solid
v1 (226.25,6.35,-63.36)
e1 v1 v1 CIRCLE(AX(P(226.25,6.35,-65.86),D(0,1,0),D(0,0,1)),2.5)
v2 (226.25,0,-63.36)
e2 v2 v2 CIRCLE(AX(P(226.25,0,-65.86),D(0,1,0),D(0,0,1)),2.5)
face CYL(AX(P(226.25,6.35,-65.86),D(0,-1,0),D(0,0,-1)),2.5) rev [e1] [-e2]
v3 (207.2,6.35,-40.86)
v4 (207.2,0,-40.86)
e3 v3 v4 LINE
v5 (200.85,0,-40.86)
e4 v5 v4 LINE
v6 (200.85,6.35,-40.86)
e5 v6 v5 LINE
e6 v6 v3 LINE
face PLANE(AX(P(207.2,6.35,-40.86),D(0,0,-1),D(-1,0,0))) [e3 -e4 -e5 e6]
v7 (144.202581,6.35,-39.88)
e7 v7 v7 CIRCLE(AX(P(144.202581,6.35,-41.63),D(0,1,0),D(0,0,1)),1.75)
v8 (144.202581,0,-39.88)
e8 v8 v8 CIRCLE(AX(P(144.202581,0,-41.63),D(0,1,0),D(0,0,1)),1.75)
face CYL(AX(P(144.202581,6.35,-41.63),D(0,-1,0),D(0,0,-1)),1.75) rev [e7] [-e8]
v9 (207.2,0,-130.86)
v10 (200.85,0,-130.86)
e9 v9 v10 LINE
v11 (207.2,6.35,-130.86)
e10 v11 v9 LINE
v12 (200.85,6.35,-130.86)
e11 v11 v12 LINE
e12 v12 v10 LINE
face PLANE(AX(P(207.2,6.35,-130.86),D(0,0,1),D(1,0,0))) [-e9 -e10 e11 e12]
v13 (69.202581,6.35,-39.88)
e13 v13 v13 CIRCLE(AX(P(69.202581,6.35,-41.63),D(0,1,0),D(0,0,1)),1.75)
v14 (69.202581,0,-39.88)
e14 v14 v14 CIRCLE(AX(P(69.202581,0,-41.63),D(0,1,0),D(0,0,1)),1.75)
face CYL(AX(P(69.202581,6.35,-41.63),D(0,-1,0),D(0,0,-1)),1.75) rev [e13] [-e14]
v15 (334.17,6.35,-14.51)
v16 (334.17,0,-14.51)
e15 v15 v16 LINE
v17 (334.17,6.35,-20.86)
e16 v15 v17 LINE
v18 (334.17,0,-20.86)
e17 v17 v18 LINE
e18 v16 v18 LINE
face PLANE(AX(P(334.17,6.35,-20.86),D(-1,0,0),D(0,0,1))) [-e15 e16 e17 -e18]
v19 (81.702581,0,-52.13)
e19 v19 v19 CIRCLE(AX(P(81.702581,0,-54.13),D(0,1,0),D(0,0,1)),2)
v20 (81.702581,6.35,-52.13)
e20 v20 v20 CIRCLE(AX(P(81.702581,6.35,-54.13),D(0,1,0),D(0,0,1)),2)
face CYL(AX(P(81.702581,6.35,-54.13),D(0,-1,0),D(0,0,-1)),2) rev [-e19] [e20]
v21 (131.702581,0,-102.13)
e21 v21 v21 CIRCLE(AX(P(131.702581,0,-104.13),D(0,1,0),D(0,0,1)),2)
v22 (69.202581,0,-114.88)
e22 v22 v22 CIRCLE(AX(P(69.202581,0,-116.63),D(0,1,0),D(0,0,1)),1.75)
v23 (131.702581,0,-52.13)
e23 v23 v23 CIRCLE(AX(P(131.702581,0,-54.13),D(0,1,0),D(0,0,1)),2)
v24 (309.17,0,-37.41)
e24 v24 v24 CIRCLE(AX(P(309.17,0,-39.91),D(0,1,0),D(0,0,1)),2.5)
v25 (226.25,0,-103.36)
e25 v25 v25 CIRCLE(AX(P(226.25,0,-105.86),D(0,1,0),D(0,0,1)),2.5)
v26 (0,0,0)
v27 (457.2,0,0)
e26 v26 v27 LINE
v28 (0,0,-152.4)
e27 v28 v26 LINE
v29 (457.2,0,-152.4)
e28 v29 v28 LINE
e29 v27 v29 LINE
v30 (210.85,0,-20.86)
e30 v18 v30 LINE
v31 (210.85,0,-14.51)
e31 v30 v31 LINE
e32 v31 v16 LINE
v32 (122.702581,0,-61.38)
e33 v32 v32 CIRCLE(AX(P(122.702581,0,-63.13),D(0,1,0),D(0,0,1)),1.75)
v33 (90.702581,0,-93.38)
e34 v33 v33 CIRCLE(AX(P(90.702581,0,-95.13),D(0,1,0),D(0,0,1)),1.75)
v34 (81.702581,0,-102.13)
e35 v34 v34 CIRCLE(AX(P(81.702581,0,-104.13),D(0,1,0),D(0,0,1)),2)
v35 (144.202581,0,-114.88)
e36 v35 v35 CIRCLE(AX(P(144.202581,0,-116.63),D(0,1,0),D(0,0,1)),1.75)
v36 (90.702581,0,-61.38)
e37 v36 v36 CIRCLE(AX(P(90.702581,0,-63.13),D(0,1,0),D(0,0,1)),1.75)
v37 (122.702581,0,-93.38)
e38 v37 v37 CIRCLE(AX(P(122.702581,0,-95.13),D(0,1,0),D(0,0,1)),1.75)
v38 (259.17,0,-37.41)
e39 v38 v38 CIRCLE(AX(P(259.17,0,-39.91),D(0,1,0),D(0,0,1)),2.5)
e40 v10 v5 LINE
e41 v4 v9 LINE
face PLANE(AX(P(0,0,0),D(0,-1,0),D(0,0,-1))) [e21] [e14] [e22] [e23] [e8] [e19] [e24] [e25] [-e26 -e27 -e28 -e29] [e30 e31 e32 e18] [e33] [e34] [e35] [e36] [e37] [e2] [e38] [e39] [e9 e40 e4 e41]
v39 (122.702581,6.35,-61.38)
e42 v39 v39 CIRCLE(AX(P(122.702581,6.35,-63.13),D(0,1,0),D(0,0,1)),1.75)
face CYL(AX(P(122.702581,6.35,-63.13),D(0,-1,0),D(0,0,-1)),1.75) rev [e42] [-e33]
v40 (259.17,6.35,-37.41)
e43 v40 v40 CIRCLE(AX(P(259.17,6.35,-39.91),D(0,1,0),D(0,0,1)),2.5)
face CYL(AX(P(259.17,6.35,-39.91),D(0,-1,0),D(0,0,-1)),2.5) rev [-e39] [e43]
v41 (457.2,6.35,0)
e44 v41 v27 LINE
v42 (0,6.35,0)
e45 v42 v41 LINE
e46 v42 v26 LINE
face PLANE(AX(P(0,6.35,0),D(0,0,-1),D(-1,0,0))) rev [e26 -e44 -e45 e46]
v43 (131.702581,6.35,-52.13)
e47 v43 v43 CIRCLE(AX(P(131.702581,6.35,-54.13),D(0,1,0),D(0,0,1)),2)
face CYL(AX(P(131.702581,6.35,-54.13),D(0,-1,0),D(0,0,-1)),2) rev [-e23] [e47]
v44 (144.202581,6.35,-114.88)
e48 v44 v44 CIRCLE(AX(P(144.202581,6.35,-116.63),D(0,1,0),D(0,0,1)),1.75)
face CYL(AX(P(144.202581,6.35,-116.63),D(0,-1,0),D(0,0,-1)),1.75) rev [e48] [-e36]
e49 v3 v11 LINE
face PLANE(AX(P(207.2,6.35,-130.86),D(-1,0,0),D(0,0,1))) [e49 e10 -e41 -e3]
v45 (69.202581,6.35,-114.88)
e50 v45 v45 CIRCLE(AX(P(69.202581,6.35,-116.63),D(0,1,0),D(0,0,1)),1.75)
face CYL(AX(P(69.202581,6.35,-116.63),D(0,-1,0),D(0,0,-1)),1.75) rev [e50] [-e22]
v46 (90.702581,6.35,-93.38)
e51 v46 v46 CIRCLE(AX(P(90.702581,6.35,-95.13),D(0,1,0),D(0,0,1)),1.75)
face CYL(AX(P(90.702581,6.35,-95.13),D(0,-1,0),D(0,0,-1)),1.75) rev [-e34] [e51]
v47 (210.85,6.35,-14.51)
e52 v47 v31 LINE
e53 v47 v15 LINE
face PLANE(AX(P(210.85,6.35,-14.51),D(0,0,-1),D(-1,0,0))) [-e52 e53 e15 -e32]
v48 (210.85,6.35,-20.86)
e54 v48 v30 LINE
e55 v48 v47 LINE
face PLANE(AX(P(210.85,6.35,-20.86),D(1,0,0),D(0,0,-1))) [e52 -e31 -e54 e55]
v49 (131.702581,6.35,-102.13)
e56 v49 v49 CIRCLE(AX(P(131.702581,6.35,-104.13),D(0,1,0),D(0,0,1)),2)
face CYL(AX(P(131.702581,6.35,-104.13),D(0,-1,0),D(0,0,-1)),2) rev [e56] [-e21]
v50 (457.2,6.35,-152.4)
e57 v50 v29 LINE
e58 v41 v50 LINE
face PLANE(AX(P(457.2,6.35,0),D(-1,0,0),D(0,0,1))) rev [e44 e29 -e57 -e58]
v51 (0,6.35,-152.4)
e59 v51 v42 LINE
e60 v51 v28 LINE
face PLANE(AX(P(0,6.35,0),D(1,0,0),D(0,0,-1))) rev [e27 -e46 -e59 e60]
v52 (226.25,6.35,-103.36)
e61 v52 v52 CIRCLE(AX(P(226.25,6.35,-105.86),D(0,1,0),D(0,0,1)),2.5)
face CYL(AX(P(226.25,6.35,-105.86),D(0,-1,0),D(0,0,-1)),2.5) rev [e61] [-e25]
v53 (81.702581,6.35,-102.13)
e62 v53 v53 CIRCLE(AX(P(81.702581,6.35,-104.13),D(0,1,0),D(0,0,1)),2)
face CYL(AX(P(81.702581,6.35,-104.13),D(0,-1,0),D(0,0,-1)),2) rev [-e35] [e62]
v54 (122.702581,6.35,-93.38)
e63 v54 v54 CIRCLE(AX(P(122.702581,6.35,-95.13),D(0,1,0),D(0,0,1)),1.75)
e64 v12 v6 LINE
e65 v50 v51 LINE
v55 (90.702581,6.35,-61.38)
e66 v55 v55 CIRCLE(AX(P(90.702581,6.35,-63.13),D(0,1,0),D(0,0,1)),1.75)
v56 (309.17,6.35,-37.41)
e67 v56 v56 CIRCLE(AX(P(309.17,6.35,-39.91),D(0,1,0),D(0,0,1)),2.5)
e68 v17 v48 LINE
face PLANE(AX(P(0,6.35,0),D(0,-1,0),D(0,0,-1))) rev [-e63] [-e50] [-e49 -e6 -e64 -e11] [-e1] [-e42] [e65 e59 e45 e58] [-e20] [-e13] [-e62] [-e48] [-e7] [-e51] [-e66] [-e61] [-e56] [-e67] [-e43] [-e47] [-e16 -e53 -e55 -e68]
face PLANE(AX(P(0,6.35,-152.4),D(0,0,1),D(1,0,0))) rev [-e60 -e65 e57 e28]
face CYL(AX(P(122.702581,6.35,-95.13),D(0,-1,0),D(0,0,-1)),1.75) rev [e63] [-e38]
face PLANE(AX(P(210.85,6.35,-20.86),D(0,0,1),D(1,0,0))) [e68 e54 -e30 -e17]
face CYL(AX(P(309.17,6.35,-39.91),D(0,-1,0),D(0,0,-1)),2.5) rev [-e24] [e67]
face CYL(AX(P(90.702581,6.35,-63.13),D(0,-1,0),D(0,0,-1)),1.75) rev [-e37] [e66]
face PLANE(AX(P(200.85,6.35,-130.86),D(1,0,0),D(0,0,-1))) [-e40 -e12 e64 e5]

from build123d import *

# Parameters (mm, degrees)
SKETCH1_W           = 457.2
SKETCH1_H           = 152.4
SKETCH1_R           = 1.75
SKETCH1_R_2         = 2.5
SKETCH1_R_3         = 2
SKETCH1_W_2         = 123.32
SKETCH1_H_2         = 6.35
SKETCH1_W_3         = 6.35
SKETCH1_H_3         = 90
BOSS_EXTRUDE1_DEPTH = 6.35


with BuildPart() as part:
    # Sketch1 → Boss-Extrude1 (new body)
    with BuildSketch(Plane(origin=(0, 0, 0), x_dir=(1, 0, 0), z_dir=(0, 1, 0))):
        with Locations((228.6, 76.2)):
            Rectangle(SKETCH1_W, SKETCH1_H)
        with Locations(Location((90.702581284, 95.13, 0), (0, 0, 270))):
            Circle(SKETCH1_R, mode=Mode.SUBTRACT)
        with Locations(Location((122.702581284, 95.13, 0), (0, 0, 270))):
            Circle(SKETCH1_R, mode=Mode.SUBTRACT)
        with Locations(Location((122.702581284, 63.13, 0), (0, 0, 270))):
            Circle(SKETCH1_R, mode=Mode.SUBTRACT)
        with Locations(Location((90.702581284, 63.13, 0), (0, 0, 270))):
            Circle(SKETCH1_R, mode=Mode.SUBTRACT)
        with Locations(Location((69.202581284, 116.63, 0), (0, 0, 270))):
            Circle(SKETCH1_R, mode=Mode.SUBTRACT)
        with Locations(Location((144.202581284, 116.63, 0), (0, 0, 270))):
            Circle(SKETCH1_R, mode=Mode.SUBTRACT)
        with Locations(Location((144.202581284, 41.63, 0), (0, 0, 270))):
            Circle(SKETCH1_R, mode=Mode.SUBTRACT)
        with Locations(Location((69.202581284, 41.63, 0), (0, 0, 270))):
            Circle(SKETCH1_R, mode=Mode.SUBTRACT)
        with Locations(Location((226.25, 65.86, 0), (0, 0, 270))):
            Circle(SKETCH1_R_2, mode=Mode.SUBTRACT)
        with Locations(Location((226.25, 105.86, 0), (0, 0, 270))):
            Circle(SKETCH1_R_2, mode=Mode.SUBTRACT)
        with Locations(Location((259.17, 39.91, 0), (0, 0, 270))):
            Circle(SKETCH1_R_2, mode=Mode.SUBTRACT)
        with Locations(Location((309.17, 39.91, 0), (0, 0, 270))):
            Circle(SKETCH1_R_2, mode=Mode.SUBTRACT)
        with Locations(Location((81.702581284, 104.13, 0), (0, 0, 270))):
            Circle(SKETCH1_R_3, mode=Mode.SUBTRACT)
        with Locations(Location((131.702581284, 104.13, 0), (0, 0, 270))):
            Circle(SKETCH1_R_3, mode=Mode.SUBTRACT)
        with Locations(Location((131.702581284, 54.13, 0), (0, 0, 270))):
            Circle(SKETCH1_R_3, mode=Mode.SUBTRACT)
        with Locations(Location((81.702581284, 54.13, 0), (0, 0, 270))):
            Circle(SKETCH1_R_3, mode=Mode.SUBTRACT)
        with Locations((272.51, 17.685)):
            Rectangle(SKETCH1_W_2, SKETCH1_H_2, mode=Mode.SUBTRACT)
        with Locations((204.025, 85.86)):
            Rectangle(SKETCH1_W_3, SKETCH1_H_3, mode=Mode.SUBTRACT)
    extrude(amount=BOSS_EXTRUDE1_DEPTH)


solid = part.part
